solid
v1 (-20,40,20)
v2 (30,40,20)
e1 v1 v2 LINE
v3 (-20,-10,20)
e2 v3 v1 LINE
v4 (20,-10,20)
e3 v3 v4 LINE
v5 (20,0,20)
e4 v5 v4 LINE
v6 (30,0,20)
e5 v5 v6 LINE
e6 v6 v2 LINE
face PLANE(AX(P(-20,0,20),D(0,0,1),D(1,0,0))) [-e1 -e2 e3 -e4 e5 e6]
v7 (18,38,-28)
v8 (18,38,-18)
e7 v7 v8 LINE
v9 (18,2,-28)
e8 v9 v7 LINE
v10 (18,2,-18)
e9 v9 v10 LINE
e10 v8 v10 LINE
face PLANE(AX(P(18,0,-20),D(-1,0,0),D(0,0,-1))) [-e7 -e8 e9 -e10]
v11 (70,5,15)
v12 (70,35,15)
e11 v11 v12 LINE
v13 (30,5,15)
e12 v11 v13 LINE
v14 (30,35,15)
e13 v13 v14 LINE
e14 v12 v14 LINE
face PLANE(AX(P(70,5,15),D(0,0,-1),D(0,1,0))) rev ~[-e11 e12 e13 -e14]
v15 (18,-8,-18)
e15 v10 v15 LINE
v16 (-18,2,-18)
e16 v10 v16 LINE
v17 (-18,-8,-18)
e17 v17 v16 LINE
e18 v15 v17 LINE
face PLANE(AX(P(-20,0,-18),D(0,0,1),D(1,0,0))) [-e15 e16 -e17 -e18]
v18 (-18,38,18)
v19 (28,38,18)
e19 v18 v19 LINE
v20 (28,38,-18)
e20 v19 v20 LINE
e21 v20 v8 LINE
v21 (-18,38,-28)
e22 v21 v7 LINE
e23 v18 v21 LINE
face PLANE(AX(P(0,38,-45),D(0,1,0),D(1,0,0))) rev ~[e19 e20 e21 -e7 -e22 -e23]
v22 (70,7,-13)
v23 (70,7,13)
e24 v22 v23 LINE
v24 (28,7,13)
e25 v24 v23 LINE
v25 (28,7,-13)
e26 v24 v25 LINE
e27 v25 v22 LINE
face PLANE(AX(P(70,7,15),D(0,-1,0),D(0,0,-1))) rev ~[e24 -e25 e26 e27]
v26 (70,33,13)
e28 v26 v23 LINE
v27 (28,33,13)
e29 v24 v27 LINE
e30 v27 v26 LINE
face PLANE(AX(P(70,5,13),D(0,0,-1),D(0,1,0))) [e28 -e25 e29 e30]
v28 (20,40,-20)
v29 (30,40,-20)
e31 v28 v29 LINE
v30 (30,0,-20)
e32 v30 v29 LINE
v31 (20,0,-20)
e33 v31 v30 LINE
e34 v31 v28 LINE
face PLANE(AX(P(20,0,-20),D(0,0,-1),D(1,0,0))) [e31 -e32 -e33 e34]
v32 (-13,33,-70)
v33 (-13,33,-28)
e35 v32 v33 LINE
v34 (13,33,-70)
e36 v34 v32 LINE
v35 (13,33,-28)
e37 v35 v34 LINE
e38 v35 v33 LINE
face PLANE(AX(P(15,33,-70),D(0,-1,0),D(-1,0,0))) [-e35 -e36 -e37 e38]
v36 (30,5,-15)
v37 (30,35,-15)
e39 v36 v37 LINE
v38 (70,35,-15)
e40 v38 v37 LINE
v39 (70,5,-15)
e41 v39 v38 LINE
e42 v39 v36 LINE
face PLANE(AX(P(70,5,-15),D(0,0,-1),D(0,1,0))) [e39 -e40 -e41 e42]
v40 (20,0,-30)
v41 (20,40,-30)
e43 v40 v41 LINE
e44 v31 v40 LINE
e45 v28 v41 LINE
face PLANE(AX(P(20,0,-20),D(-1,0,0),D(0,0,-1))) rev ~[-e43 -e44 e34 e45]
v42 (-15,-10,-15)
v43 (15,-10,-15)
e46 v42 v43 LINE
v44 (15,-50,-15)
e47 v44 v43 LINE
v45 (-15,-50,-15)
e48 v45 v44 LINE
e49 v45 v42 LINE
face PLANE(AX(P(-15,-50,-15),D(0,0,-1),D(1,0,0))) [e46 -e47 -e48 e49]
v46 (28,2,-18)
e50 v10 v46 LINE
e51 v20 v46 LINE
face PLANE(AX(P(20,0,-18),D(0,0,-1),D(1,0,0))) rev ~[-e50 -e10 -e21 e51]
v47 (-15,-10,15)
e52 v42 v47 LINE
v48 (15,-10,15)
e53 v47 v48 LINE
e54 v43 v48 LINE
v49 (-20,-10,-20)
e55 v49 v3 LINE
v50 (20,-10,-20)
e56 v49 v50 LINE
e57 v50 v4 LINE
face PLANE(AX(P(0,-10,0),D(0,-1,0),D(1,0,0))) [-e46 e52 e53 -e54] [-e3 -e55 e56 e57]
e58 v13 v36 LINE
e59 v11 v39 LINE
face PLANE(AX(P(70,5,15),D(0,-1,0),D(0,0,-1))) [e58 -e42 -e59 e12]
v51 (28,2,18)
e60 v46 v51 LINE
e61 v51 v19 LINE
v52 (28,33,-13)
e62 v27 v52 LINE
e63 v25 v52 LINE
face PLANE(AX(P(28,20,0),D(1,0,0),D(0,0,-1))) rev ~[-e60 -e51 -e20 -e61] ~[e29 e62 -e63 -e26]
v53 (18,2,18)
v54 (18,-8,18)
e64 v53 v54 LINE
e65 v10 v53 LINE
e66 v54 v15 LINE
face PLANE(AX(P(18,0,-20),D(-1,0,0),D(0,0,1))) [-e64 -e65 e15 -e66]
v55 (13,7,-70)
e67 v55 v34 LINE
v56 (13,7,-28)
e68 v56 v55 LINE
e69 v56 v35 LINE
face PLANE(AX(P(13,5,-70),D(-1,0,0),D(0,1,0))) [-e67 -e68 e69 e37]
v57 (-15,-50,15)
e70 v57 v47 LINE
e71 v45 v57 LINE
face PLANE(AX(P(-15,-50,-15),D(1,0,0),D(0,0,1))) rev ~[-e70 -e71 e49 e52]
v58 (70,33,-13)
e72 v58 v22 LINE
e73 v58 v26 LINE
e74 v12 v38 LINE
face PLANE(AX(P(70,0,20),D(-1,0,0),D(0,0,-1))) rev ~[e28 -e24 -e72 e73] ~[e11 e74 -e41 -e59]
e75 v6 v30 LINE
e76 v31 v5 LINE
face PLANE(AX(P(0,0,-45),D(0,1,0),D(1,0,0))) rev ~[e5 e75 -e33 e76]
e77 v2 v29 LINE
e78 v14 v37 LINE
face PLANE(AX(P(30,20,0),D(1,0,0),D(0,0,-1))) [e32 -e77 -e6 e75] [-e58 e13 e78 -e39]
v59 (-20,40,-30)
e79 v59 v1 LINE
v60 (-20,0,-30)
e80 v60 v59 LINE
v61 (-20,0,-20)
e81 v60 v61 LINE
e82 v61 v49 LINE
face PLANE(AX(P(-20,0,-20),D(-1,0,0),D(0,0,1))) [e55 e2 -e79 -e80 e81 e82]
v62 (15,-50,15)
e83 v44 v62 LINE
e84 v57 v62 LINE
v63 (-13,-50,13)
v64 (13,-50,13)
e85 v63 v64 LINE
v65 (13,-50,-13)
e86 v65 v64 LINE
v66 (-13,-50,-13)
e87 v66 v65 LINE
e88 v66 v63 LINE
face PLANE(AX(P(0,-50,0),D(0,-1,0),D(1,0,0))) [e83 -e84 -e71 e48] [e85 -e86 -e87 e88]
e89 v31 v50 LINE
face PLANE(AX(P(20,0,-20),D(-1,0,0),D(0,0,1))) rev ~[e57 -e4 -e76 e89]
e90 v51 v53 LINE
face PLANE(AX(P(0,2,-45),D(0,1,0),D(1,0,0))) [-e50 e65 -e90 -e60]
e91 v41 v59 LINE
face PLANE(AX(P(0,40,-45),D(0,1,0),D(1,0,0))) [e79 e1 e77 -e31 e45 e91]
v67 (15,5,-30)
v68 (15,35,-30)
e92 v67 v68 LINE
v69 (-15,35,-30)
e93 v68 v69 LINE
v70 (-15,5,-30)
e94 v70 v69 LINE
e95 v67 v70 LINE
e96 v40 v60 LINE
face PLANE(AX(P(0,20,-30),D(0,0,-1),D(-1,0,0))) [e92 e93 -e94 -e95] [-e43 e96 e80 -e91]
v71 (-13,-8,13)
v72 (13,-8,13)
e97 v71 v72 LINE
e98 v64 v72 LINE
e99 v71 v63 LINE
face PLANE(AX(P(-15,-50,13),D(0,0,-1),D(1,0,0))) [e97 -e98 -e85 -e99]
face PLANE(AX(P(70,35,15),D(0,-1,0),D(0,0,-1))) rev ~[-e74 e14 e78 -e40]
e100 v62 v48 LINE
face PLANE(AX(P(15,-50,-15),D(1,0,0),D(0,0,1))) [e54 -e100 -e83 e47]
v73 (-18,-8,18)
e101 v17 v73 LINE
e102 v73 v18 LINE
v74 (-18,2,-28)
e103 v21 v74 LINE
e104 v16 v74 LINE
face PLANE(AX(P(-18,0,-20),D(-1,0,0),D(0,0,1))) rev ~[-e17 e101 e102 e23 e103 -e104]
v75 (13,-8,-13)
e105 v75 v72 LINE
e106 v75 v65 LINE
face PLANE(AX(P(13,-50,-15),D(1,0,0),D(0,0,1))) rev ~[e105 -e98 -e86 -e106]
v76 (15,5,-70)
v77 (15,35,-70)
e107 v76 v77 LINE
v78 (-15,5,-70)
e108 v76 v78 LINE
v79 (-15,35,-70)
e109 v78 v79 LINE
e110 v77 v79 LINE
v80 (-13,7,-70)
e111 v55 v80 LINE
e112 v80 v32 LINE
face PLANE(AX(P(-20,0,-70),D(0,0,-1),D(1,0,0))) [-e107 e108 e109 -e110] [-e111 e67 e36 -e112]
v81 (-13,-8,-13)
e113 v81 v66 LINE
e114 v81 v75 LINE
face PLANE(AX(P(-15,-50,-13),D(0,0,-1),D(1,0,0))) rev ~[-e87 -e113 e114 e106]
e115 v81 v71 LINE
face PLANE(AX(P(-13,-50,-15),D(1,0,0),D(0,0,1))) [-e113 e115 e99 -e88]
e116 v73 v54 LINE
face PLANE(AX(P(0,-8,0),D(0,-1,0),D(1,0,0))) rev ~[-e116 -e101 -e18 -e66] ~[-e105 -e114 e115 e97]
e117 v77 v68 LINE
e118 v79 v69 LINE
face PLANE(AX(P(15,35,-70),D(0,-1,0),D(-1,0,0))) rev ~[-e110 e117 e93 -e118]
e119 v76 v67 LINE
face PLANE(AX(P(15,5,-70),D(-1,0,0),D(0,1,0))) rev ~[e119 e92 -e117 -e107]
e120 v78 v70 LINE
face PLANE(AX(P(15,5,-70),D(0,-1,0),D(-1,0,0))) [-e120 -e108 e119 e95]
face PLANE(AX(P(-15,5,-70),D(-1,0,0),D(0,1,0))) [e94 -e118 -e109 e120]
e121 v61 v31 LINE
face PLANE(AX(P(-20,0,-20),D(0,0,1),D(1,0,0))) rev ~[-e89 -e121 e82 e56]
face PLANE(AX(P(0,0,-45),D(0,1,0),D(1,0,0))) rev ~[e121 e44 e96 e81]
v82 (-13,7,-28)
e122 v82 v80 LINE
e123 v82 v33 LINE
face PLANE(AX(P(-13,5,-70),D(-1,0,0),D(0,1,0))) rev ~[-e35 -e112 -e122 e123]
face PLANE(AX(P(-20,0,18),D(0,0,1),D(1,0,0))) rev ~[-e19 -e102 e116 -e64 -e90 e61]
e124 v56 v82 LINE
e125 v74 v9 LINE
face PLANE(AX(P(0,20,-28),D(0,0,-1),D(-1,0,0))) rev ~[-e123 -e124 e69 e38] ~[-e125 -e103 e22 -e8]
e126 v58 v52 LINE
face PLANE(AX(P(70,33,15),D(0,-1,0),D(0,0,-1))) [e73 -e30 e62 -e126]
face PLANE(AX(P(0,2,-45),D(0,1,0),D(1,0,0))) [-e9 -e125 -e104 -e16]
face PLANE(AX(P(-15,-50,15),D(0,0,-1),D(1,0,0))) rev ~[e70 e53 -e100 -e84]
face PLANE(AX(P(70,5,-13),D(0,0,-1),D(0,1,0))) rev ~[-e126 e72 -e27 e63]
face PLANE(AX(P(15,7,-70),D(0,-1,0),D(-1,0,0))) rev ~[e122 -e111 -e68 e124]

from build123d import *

# Parameters (mm, degrees)
CROQUIS1_W     = 40
CROQUIS1_H     = 50
CROQUIS1_H_2   = 40
CROQUIS1_W_2   = 50
EXTRUIR1_DEPTH = 40
CROQUIS5_W     = 40
CROQUIS5_H     = 40
EXTRUIR4_DEPTH = 50
CROQUIS2_W     = 40
CROQUIS2_H     = 40
CROQUIS2_W_2   = 30
CROQUIS2_H_2   = 30
EXTRUIR2_DEPTH = 40
CROQUIS3_W     = 40
CROQUIS3_H     = 40
CROQUIS3_W_2   = 30
CROQUIS3_H_2   = 30
EXTRUIR3_DEPTH = 40
CROQUIS7_W     = 40
CROQUIS7_H     = 40
CROQUIS7_W_2   = 30
CROQUIS7_H_2   = 30
EXTRUIR5_DEPTH = 40
VACIADO1_T     = -2


with BuildPart() as part:
    # Croquis1 → Extruir1 (new body)
    with BuildSketch(Plane(origin=(0, 0, 0), x_dir=(1, 0, 0), z_dir=(0, 1, 0))):
        with Locations((0, 45)):
            Rectangle(CROQUIS1_W, CROQUIS1_H)
        Rectangle(CROQUIS1_W, CROQUIS1_H_2)
        with Locations((45, 0)):
            Rectangle(CROQUIS1_W_2, CROQUIS1_H_2)
    extrude(amount=EXTRUIR1_DEPTH)

    # Croquis5 → Extruir4 (add)
    with BuildSketch(Plane.XZ):
        Rectangle(CROQUIS5_W, CROQUIS5_H)
    extrude(amount=EXTRUIR4_DEPTH)

    # Croquis2 → Extruir2 (cut)
    with BuildSketch(Plane(origin=(70, 0, 0), x_dir=(0, 0, -1), z_dir=(1, 0, 0))):
        with Locations((0, 20)):
            Rectangle(CROQUIS2_W, CROQUIS2_H)
        with Locations((0, 20)):
            Rectangle(CROQUIS2_W_2, CROQUIS2_H_2, mode=Mode.SUBTRACT)
    extrude(amount=-EXTRUIR2_DEPTH, mode=Mode.SUBTRACT)

    # Croquis3 → Extruir3 (cut)
    with BuildSketch(Plane(origin=(0, 0, -70), x_dir=(-1, 0, 0), z_dir=(0, 0, -1))):
        with Locations((0, 20)):
            Rectangle(CROQUIS3_W, CROQUIS3_H)
        with Locations((0, 20)):
            Rectangle(CROQUIS3_W_2, CROQUIS3_H_2, mode=Mode.SUBTRACT)
    extrude(amount=-EXTRUIR3_DEPTH, mode=Mode.SUBTRACT)

    # Croquis7 → Extruir5 (cut)
    with BuildSketch(Plane.XZ.offset(50)):
        Rectangle(CROQUIS7_W, CROQUIS7_H)
        Rectangle(CROQUIS7_W_2, CROQUIS7_H_2, mode=Mode.SUBTRACT)
    extrude(amount=-EXTRUIR5_DEPTH, mode=Mode.SUBTRACT)

    # Vaciado1
    vaciado1_openings = [part.faces().sort_by_distance(p)[0] for p in [
        (70, 20, 0),
        (0, 20, -70),
        (0, -50, 0),
    ]]
    offset(amount=VACIADO1_T, openings=vaciado1_openings, kind=Kind.INTERSECTION)


solid = part.part
